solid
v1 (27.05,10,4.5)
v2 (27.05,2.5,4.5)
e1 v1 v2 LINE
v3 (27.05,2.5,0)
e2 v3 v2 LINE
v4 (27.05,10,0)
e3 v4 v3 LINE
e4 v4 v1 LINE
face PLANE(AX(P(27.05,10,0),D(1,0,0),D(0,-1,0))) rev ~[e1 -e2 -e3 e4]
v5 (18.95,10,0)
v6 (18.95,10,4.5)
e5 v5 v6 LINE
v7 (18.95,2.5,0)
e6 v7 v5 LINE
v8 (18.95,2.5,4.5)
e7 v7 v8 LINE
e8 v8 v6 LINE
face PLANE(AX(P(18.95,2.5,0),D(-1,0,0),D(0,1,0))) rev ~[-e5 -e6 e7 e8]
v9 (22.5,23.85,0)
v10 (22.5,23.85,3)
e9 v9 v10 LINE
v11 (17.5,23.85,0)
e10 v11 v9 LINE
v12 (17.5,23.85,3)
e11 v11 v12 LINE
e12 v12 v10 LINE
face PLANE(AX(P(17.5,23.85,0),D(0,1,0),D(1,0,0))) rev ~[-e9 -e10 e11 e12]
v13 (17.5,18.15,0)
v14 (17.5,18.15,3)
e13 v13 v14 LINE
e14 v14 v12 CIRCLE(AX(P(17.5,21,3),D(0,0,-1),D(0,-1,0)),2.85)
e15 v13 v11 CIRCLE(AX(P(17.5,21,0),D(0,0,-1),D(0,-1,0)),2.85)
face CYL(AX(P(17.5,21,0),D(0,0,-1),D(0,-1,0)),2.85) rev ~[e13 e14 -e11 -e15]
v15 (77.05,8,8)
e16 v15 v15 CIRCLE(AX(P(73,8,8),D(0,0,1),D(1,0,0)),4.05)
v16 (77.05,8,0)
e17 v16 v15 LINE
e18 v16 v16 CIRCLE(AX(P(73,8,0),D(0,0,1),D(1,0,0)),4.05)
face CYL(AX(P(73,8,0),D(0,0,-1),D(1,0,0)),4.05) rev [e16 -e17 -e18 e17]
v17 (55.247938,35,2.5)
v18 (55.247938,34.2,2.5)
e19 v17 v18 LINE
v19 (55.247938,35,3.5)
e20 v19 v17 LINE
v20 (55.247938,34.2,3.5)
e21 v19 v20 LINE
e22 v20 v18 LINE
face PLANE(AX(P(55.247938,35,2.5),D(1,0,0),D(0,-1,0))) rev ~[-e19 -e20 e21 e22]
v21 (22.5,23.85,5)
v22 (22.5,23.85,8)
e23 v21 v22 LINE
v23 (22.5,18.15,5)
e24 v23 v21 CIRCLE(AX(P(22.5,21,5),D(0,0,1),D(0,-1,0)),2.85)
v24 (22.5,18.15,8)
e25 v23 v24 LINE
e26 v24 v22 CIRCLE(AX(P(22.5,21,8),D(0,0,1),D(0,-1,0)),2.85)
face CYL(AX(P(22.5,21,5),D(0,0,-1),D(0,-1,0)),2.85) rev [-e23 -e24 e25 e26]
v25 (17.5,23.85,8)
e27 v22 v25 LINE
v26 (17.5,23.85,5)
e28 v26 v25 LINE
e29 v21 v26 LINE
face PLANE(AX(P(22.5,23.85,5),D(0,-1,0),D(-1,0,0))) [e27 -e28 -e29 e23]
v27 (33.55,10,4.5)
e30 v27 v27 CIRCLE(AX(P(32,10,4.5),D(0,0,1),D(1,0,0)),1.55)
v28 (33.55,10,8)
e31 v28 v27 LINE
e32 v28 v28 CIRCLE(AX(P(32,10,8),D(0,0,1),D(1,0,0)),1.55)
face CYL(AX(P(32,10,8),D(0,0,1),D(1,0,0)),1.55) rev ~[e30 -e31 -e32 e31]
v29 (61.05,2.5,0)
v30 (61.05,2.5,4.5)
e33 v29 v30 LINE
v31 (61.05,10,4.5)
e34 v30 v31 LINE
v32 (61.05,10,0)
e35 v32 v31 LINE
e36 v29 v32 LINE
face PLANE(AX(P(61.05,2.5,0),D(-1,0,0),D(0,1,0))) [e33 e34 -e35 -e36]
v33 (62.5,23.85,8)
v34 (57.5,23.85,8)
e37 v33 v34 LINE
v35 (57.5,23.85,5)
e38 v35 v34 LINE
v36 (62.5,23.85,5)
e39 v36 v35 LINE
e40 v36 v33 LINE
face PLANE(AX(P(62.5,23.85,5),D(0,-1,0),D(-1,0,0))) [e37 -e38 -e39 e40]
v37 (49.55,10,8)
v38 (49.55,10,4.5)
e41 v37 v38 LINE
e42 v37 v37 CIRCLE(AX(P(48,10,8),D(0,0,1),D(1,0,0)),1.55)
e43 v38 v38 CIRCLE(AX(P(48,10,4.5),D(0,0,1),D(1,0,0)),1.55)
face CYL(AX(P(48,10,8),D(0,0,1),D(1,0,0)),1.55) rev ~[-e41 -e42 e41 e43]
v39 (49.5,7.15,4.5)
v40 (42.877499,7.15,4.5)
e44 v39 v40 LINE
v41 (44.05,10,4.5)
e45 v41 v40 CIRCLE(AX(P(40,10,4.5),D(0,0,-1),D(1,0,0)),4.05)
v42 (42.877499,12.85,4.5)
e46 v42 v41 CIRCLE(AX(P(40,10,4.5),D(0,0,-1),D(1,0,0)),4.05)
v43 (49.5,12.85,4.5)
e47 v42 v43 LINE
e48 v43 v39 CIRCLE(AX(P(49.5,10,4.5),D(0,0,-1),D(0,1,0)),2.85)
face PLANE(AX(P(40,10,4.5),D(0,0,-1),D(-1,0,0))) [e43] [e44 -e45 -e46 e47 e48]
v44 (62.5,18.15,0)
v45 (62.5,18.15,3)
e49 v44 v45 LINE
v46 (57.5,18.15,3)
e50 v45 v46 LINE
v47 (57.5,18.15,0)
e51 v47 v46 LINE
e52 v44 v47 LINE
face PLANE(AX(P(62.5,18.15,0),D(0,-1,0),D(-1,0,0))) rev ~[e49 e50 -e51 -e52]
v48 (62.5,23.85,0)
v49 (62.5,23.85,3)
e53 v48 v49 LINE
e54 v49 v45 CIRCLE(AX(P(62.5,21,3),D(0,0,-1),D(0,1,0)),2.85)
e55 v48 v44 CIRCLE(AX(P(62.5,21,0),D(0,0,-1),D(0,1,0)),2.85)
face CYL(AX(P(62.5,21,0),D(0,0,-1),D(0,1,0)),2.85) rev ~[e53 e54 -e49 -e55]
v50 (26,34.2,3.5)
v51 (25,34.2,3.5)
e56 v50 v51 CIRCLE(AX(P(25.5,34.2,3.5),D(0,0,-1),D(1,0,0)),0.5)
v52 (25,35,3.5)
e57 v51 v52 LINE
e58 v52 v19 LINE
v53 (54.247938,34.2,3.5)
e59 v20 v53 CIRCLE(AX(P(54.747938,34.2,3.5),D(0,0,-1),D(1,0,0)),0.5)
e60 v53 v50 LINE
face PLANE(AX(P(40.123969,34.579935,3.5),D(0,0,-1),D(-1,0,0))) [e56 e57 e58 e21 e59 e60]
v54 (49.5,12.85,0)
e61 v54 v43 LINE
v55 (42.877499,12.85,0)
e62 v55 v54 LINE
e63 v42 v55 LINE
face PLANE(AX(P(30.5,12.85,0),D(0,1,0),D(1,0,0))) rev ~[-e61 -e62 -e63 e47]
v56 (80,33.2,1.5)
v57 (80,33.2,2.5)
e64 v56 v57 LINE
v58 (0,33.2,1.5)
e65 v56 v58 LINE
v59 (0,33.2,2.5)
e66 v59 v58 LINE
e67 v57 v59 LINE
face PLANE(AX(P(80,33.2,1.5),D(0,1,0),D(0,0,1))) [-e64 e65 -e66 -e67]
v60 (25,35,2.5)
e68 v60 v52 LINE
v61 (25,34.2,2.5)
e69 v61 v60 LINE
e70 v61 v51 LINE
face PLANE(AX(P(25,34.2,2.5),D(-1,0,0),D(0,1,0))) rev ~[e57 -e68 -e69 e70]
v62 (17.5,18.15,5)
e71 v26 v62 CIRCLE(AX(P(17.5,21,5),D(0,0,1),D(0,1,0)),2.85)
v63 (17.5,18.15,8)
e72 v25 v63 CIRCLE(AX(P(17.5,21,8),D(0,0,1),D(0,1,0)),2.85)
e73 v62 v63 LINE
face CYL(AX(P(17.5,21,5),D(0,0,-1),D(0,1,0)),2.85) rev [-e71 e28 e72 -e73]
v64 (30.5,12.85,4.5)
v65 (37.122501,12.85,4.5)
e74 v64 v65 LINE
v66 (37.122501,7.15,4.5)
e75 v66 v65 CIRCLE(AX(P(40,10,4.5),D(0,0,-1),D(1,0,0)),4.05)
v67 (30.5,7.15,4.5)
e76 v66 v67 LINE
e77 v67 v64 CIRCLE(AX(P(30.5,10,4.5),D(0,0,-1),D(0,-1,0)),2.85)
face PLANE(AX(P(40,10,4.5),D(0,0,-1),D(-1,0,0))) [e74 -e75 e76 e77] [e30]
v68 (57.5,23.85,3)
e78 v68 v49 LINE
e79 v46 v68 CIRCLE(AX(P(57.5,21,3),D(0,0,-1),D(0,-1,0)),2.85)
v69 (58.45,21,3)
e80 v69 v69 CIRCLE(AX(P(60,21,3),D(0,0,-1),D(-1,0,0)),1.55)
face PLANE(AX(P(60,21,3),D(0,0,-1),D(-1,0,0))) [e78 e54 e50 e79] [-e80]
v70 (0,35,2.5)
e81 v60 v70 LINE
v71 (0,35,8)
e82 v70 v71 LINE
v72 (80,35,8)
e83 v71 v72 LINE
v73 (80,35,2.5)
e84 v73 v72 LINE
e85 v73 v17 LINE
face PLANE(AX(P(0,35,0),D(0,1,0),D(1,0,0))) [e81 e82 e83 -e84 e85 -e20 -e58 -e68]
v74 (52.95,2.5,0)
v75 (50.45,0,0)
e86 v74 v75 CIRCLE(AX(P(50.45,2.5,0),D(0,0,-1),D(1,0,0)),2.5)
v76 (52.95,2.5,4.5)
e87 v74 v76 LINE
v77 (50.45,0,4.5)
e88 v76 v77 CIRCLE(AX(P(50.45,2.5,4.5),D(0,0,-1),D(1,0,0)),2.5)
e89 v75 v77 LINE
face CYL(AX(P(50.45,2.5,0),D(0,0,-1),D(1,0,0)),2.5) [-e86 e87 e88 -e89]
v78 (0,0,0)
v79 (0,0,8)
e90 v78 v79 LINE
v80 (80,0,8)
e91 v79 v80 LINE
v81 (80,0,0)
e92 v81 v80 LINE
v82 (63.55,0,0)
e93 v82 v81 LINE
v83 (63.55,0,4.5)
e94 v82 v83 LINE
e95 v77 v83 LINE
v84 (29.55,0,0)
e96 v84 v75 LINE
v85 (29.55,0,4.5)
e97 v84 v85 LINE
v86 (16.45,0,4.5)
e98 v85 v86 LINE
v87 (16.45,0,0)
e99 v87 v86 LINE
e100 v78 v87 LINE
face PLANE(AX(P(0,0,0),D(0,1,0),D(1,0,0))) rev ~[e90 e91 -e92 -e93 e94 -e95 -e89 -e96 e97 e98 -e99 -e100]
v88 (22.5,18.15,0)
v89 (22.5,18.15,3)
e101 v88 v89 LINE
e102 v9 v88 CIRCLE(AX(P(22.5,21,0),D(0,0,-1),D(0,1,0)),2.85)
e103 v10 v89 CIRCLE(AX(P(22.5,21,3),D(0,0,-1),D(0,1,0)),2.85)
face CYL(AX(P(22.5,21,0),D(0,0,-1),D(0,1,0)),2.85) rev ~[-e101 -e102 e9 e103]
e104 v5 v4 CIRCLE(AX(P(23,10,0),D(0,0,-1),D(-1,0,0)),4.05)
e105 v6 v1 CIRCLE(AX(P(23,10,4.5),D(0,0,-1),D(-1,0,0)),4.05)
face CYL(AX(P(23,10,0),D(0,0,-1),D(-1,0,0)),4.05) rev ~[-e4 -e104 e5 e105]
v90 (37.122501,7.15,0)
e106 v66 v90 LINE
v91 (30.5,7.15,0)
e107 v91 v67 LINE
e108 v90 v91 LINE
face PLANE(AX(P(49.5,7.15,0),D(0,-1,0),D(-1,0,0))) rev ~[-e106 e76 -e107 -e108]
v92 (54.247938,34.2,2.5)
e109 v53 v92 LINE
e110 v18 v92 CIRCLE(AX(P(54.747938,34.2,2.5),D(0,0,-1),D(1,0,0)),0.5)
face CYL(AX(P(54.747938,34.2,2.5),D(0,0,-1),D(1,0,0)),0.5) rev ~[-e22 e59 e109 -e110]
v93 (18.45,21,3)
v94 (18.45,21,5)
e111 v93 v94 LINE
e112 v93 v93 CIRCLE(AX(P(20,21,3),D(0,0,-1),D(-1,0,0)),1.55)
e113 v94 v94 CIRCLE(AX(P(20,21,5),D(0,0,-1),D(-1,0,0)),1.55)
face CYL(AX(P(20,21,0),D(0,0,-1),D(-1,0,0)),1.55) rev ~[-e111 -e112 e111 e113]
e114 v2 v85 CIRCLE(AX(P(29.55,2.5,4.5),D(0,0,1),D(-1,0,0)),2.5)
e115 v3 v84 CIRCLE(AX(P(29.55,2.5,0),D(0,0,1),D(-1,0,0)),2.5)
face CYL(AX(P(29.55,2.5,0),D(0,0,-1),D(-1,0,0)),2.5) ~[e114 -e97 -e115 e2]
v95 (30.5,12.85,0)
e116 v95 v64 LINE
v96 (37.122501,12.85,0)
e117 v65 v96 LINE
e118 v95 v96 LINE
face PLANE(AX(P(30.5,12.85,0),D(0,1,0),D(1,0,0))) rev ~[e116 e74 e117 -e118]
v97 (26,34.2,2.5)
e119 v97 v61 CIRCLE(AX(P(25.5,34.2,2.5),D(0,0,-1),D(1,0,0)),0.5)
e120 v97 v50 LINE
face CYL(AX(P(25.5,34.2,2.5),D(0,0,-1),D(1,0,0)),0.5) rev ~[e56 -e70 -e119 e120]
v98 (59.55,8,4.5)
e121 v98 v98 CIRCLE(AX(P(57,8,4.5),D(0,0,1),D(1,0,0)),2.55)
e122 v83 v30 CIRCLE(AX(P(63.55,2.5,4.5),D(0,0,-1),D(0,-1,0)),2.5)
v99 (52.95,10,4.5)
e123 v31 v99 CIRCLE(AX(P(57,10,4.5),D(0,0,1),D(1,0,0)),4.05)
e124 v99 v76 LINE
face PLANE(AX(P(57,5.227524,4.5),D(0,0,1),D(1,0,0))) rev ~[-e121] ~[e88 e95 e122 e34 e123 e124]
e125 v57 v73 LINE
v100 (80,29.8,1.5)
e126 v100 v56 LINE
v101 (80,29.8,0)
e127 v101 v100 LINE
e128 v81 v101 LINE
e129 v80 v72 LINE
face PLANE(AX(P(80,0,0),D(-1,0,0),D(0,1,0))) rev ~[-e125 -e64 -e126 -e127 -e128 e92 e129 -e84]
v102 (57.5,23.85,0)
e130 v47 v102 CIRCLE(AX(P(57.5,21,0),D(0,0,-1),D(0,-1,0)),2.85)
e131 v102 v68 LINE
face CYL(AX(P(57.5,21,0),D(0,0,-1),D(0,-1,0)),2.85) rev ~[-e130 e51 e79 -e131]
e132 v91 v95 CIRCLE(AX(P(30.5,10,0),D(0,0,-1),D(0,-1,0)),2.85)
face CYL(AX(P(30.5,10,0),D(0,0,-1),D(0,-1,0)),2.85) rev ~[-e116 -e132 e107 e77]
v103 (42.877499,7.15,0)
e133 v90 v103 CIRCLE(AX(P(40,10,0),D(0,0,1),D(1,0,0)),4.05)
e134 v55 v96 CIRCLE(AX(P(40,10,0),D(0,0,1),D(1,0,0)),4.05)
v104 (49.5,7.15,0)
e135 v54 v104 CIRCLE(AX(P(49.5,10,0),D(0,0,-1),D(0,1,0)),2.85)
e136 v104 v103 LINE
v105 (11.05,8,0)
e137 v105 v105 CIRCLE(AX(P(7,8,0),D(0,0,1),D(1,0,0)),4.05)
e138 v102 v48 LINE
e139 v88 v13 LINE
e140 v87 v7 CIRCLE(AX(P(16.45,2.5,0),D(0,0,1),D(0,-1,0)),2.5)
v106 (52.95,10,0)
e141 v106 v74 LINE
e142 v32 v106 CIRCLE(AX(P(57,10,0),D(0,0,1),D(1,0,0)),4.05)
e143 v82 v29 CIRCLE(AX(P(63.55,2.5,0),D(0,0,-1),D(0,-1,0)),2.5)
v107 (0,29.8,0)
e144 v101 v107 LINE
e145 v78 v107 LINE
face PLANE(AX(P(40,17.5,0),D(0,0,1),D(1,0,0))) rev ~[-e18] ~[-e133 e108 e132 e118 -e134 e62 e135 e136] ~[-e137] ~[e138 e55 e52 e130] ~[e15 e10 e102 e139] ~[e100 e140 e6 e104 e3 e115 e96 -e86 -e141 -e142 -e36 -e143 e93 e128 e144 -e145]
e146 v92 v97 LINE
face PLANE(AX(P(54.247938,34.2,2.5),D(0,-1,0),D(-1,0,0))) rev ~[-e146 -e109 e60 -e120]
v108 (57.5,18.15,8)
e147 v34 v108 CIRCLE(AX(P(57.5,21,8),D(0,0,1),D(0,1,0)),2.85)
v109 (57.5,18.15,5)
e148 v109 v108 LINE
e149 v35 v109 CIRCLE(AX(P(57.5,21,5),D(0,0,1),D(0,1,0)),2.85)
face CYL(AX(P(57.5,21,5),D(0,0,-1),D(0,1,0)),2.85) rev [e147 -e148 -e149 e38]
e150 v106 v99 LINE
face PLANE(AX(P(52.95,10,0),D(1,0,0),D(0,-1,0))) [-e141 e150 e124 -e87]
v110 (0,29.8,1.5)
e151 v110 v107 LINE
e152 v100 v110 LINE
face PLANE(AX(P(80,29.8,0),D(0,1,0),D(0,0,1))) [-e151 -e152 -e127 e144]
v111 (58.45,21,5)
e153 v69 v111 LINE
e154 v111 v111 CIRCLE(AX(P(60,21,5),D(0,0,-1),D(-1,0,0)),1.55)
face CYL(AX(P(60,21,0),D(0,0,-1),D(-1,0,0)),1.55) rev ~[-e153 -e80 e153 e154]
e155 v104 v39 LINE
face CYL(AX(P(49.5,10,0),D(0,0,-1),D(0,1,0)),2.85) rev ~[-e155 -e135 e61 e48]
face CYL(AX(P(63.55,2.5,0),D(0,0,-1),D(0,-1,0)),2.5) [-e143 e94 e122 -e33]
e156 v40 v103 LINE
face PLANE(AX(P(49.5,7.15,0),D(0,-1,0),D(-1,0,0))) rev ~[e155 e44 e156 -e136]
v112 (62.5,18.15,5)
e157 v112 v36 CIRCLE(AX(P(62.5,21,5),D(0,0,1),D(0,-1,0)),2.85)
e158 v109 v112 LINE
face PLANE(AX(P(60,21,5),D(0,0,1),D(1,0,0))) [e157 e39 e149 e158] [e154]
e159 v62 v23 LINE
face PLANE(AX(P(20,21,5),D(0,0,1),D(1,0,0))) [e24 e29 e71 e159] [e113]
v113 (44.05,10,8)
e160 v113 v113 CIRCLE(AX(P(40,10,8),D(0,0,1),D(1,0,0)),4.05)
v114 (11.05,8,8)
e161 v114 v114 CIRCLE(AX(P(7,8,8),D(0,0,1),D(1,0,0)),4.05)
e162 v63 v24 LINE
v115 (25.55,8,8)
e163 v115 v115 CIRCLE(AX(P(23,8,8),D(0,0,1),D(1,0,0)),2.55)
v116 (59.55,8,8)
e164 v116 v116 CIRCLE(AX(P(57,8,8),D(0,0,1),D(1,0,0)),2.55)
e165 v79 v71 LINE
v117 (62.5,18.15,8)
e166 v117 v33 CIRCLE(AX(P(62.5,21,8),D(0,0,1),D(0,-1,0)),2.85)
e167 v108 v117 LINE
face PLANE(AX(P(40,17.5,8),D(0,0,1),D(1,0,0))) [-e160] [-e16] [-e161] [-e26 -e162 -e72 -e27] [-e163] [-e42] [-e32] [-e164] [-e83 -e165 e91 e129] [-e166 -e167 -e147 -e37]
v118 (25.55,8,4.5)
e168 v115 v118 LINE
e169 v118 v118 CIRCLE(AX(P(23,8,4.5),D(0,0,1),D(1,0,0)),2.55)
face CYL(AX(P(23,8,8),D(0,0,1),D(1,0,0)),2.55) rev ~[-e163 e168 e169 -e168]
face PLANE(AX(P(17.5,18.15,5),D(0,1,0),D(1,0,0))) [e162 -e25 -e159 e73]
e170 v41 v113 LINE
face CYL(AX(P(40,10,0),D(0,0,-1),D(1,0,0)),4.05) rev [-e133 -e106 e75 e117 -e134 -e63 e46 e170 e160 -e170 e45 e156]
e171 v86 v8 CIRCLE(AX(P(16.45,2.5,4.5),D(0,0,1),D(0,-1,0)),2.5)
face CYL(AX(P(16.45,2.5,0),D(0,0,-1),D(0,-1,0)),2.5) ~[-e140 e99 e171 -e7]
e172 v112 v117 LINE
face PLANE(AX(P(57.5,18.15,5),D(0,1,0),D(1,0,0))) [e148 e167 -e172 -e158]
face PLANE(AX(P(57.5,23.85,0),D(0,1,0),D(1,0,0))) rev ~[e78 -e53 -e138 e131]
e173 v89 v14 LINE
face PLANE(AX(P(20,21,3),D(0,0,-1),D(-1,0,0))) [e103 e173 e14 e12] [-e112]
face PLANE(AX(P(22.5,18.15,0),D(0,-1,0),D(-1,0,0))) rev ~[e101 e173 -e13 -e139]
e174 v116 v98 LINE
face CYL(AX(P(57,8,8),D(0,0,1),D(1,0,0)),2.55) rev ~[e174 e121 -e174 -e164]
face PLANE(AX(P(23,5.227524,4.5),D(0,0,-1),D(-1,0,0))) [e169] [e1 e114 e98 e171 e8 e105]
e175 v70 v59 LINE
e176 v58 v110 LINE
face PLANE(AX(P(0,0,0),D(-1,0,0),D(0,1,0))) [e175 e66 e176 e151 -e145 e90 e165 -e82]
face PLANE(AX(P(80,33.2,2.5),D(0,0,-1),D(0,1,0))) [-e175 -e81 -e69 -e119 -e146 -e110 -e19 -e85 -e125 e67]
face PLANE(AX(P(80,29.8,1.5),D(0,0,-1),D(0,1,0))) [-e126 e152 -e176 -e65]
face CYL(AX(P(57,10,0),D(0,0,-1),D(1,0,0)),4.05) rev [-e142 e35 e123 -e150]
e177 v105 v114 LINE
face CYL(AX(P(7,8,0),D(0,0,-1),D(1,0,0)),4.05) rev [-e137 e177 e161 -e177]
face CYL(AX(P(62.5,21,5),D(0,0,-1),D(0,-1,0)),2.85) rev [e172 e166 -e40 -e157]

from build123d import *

# Parameters (mm, degrees)
SKETCH_2_W           = 80
SKETCH_2_H           = 35
SKETCH_2_R           = 4.05
EXTRUDE_1_DEPTH      = 8
SKETCH_3_R           = 2.55
CUT_EXTRUDE_1_DEPTH  = 88.686943156
CUT_EXTRUDE_2_DEPTH  = 88.686943156
SKETCH_5_R           = 1.55
CUT_EXTRUDE_3_DEPTH  = 88.686943156
CUT_EXTRUDE_4_DEPTH  = 4.5
CUT_EXTRUDE_5_DEPTH  = 4.5
SKETCH_11_R          = 1.55
CUT_EXTRUDE_7_DEPTH  = 88.686943156
CUT_EXTRUDE_8_DEPTH  = 3
CUT_EXTRUDE_START    = -3
CUT_EXTRUDE_9_DEPTH  = 3
CUT_EXTRUDE_11_DEPTH = 1


with BuildPart() as part:
    # 草图2 → 凸台-拉伸1 (new body)
    with BuildSketch(Plane.XY):
        with Locations((40, 17.5)):
            Rectangle(SKETCH_2_W, SKETCH_2_H)
        with Locations((7, 8)):
            Circle(SKETCH_2_R, mode=Mode.SUBTRACT)
        with Locations((40, 10)):
            Circle(SKETCH_2_R, mode=Mode.SUBTRACT)
        with Locations((73, 8)):
            Circle(SKETCH_2_R, mode=Mode.SUBTRACT)
    extrude(amount=EXTRUDE_1_DEPTH)

    # 草图3 → 切除-拉伸1 (cut, through all)
    with BuildSketch(Plane.XY.offset(8)):
        with Locations((23, 8)):
            Circle(SKETCH_3_R)
        with Locations((57, 8)):
            Circle(SKETCH_3_R)
    extrude(amount=-CUT_EXTRUDE_1_DEPTH, mode=Mode.SUBTRACT)

    # 草图4 → 切除-拉伸2 (cut, through all)
    with BuildSketch(Plane(origin=(80, 0, 0), x_dir=(0, 0, -1), z_dir=(1, 0, 0))):
        Polygon((-1.5, 33.2), (-2.5, 33.2), (-2.5, 35), (0, 35), (0, 29.8), (-1.5, 29.8), align=None)
    extrude(amount=-CUT_EXTRUDE_2_DEPTH, mode=Mode.SUBTRACT)

    # 草图5 → 切除-拉伸3 (cut, through all)
    with BuildSketch(Plane.XY.offset(8)):
        with Locations((48, 10)):
            Circle(SKETCH_5_R)
        with Locations((32, 10)):
            Circle(SKETCH_5_R)
    extrude(amount=-CUT_EXTRUDE_3_DEPTH, mode=Mode.SUBTRACT)

    # 草图7 → 切除-拉伸4 (cut)
    with BuildSketch(Plane(origin=(0, 0, 0), x_dir=(-1, 0, 0), z_dir=(0, 0, -1))):
        with BuildLine():
            Line((-27.05, 10), (-27.05, 2.5))
            ThreePointArc((-27.05, 2.5), (-27.782233047, 0.732233047), (-29.55, 0))
            Line((-29.55, 0), (-16.45, 0))
            ThreePointArc((-16.45, 0), (-18.217766953, 0.732233047), (-18.95, 2.5))
            Line((-18.95, 2.5), (-18.95, 10))
            ThreePointArc((-18.95, 10), (-23, 14.05), (-27.05, 10))
        make_face()
        with BuildLine():
            Line((-61.05, 2.5), (-61.05, 10))
            ThreePointArc((-61.05, 10), (-57, 14.05), (-52.95, 10))
            Line((-52.95, 10), (-52.95, 2.5))
            ThreePointArc((-52.95, 2.5), (-52.217766953, 0.732233047), (-50.45, 0))
            Line((-50.45, 0), (-63.55, 0))
            ThreePointArc((-63.55, 0), (-61.782233047, 0.732233047), (-61.05, 2.5))
        make_face()
    extrude(amount=-CUT_EXTRUDE_4_DEPTH, mode=Mode.SUBTRACT)

    # 草图8 → 切除-拉伸5 (cut)
    with BuildSketch(Plane(origin=(0, 0, 0), x_dir=(-1, 0, 0), z_dir=(0, 0, -1))):
        with BuildLine():
            Line((-30.5, 12.85), (-49.5, 12.85))
            ThreePointArc((-49.5, 12.85), (-52.35, 10), (-49.5, 7.15))
            Line((-49.5, 7.15), (-30.5, 7.15))
            ThreePointArc((-30.5, 7.15), (-27.65, 10), (-30.5, 12.85))
        make_face()
    extrude(amount=-CUT_EXTRUDE_5_DEPTH, mode=Mode.SUBTRACT)

    # 草图11 → 切除-拉伸7 (cut, through all)
    with BuildSketch(Plane(origin=(0, 0, 0), x_dir=(-1, 0, 0), z_dir=(0, 0, -1))):
        with Locations((-60, 21)):
            Circle(SKETCH_11_R)
        with Locations((-20, 21)):
            Circle(SKETCH_11_R)
    extrude(amount=-CUT_EXTRUDE_7_DEPTH, mode=Mode.SUBTRACT)

    # 草图12 → 切除-拉伸8 (cut)
    with BuildSketch(Plane(origin=(0, 0, 0), x_dir=(-1, 0, 0), z_dir=(0, 0, -1))):
        with BuildLine():
            Line((-62.5, 18.15), (-57.5, 18.15))
            ThreePointArc((-57.5, 18.15), (-54.65, 21), (-57.5, 23.85))
            Line((-57.5, 23.85), (-62.5, 23.85))
            ThreePointArc((-62.5, 23.85), (-65.35, 21), (-62.5, 18.15))
        make_face()
        with BuildLine():
            Line((-17.5, 23.85), (-22.5, 23.85))
            ThreePointArc((-22.5, 23.85), (-25.35, 21), (-22.5, 18.15))
            Line((-22.5, 18.15), (-17.5, 18.15))
            ThreePointArc((-17.5, 18.15), (-14.65, 21), (-17.5, 23.85))
        make_face()
    extrude(amount=-CUT_EXTRUDE_8_DEPTH, mode=Mode.SUBTRACT)

    # 草图15 → 切除-拉伸9 (cut)
    with BuildSketch(Plane.XY.offset(8).offset(CUT_EXTRUDE_START)):
        with BuildLine():
            Line((57.5, 18.15), (62.5, 18.15))
            ThreePointArc((62.5, 18.15), (65.35, 21), (62.5, 23.85))
            Line((62.5, 23.85), (57.5, 23.85))
            ThreePointArc((57.5, 23.85), (54.65, 21), (57.5, 18.15))
        make_face()
        with BuildLine():
            Line((22.5, 23.85), (17.5, 23.85))
            ThreePointArc((17.5, 23.85), (14.65, 21), (17.5, 18.15))
            Line((17.5, 18.15), (22.5, 18.15))
            ThreePointArc((22.5, 18.15), (25.35, 21), (22.5, 23.85))
        make_face()
    extrude(amount=CUT_EXTRUDE_9_DEPTH, mode=Mode.SUBTRACT)

    # 草图19 → 切除-拉伸11 (cut, symmetric)
    with BuildSketch(Plane(origin=(0, 0, 2.5), x_dir=(-1, 0, 0), z_dir=(0, 0, -1))):
        with BuildLine():
            Line((-25, 35), (-55.247938178, 35))
            Line((-55.247938178, 35), (-55.247938178, 34.2))
            ThreePointArc((-55.247938178, 34.2), (-54.747938178, 33.7), (-54.247938178, 34.2))
            Line((-54.247938178, 34.2), (-26, 34.2))
            ThreePointArc((-26, 34.2), (-25.5, 33.7), (-25, 34.2))
            Line((-25, 34.2), (-25, 35))
        make_face()
    extrude(amount=CUT_EXTRUDE_11_DEPTH, both=True, mode=Mode.SUBTRACT)


solid = part.part
